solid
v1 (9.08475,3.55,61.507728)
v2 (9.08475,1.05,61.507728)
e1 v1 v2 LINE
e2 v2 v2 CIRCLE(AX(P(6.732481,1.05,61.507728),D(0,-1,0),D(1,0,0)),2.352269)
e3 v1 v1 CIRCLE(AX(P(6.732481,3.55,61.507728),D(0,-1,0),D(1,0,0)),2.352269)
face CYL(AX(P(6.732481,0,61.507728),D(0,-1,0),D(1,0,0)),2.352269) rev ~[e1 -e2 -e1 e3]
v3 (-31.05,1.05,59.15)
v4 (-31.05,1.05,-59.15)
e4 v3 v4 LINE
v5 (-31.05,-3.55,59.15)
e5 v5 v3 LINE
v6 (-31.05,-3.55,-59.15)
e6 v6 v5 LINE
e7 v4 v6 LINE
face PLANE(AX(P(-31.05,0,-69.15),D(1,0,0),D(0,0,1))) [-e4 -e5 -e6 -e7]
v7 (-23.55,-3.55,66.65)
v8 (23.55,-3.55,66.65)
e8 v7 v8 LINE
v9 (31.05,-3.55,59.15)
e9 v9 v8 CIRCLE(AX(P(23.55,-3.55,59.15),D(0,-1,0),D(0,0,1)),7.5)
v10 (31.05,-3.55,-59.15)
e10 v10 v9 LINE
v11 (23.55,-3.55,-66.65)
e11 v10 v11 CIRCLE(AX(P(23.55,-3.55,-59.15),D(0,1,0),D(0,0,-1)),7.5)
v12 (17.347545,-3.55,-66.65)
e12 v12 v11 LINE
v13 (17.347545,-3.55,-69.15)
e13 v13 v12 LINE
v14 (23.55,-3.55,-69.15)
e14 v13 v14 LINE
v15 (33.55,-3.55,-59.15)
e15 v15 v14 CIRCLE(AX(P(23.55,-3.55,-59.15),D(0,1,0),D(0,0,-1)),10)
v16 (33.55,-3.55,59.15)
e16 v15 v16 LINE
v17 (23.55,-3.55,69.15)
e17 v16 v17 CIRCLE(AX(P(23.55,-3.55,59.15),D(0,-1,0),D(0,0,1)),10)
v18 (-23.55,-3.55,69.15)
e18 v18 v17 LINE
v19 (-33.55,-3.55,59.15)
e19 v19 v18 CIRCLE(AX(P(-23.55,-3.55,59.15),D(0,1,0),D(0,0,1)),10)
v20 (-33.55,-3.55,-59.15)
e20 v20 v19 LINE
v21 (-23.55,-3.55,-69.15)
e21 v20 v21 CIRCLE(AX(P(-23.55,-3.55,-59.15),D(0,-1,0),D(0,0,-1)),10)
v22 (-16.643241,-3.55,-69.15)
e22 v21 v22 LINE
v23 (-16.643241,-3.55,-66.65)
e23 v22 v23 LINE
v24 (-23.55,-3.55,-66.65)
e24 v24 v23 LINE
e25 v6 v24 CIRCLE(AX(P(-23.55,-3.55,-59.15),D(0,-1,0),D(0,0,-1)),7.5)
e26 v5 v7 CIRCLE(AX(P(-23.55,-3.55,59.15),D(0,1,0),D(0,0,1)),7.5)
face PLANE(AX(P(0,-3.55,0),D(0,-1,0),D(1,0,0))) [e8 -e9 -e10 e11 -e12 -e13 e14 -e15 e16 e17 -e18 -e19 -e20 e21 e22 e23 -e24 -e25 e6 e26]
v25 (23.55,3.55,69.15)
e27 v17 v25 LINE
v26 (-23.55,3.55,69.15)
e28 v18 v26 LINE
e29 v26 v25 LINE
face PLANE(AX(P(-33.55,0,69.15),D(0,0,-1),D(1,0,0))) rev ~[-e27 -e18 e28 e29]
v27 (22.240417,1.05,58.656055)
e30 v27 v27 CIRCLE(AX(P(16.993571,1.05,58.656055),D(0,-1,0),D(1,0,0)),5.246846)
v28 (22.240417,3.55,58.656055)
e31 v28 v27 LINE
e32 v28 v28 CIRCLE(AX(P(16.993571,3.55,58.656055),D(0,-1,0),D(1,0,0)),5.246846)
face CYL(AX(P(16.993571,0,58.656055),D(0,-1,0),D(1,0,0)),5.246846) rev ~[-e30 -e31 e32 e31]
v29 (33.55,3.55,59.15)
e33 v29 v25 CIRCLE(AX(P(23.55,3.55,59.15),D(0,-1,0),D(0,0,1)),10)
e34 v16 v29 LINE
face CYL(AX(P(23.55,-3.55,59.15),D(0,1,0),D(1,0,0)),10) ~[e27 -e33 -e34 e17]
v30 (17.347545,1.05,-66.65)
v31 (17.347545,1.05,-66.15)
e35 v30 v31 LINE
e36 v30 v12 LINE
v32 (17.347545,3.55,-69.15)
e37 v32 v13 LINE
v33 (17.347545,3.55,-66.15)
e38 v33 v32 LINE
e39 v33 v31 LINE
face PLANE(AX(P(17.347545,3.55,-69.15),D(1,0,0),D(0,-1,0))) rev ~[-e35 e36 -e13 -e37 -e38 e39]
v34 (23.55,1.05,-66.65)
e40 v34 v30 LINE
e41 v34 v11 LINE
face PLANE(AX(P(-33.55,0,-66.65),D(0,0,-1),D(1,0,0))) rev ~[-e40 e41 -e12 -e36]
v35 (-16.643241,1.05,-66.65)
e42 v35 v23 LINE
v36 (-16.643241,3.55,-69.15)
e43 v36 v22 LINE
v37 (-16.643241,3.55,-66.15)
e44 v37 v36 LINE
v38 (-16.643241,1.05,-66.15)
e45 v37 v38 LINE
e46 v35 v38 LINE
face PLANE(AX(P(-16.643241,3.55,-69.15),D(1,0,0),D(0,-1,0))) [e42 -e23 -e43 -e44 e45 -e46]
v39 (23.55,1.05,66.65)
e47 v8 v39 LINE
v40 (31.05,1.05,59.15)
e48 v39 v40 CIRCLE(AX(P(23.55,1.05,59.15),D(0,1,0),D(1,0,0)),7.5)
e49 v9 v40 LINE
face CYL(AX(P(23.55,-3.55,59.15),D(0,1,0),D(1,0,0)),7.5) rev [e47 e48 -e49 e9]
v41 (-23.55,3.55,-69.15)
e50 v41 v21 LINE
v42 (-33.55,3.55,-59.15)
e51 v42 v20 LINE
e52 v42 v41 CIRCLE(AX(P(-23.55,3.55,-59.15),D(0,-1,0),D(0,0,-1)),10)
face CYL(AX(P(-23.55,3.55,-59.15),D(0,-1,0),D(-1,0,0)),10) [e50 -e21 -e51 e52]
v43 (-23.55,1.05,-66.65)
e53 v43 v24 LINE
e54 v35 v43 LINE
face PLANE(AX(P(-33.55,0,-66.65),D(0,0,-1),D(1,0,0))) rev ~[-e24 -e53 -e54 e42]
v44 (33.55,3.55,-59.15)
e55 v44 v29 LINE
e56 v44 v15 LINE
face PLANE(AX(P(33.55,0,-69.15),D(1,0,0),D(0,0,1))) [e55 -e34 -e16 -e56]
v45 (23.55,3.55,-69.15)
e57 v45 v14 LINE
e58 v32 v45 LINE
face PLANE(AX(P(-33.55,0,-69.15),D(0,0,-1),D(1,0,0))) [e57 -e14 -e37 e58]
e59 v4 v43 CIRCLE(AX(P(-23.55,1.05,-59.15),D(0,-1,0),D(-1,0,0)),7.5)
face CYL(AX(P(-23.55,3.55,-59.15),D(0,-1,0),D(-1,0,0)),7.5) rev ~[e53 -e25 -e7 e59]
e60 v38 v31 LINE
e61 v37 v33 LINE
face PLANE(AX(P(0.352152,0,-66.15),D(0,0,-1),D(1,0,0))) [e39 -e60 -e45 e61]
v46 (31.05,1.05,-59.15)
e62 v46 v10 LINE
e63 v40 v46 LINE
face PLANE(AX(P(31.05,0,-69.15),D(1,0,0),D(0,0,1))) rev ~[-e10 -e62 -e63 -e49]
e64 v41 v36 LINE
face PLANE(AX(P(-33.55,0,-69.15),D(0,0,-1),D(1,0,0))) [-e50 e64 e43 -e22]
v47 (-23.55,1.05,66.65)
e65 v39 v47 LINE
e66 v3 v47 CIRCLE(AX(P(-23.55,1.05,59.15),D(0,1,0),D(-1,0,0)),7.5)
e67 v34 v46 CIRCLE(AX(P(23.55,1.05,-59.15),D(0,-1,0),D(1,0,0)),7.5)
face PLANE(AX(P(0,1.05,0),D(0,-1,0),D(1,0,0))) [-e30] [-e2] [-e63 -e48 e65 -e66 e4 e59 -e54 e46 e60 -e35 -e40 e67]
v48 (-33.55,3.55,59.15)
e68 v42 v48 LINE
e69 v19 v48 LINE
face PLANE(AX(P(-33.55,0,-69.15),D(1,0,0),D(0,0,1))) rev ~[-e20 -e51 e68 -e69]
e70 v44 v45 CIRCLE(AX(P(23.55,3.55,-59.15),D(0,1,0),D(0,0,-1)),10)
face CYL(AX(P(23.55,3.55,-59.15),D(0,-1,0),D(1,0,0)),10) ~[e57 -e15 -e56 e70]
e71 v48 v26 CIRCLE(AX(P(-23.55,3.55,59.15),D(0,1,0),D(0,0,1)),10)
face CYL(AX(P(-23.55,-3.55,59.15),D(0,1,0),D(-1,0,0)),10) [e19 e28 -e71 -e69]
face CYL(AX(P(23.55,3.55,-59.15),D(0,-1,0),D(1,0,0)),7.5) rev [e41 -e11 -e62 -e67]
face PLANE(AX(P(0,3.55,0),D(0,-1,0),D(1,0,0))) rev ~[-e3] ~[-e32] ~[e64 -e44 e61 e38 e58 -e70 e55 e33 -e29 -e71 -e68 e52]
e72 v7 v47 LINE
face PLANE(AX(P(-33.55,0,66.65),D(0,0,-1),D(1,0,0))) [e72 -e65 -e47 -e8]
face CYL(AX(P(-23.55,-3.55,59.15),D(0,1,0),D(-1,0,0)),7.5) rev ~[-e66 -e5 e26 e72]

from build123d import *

# Parameters (mm, degrees)
F0_W     = 67.1
F0_H     = 138.3
F1_DEPTH = 3.55
F2_R     = 10
F3_T     = -2.5
F4_R     = 5.246846
F5_DEPTH = 12.5
F6_W     = 33.990787
F6_H     = 7.1
F7_DEPTH = 3
F8_R     = 2.352269
F9_DEPTH = 12.5


with BuildPart() as f1:
    # F0 (on Front) → F1 (new body, symmetric)
    with BuildSketch(Plane.XZ):
        Rectangle(F0_W, F0_H)
    extrude(amount=F1_DEPTH, both=True)

    # F2
    f2_edges = [f1.edges().sort_by_distance(p)[0] for p in [
        (33.55, 0, -69.15),
        (33.55, 0, 69.15),
        (-33.55, 0, -69.15),
        (-33.55, 0, 69.15),
    ]]
    fillet(f2_edges, radius=F2_R)

    # F3
    f3_openings = [f1.faces().sort_by_distance(p)[0] for p in [
        (0, -3.55, 0),
    ]]
    offset(amount=F3_T, openings=f3_openings)

    # F4 (on Front) → F5 (cut, symmetric)
    with BuildSketch(Plane.XZ):
        with Locations((16.993571, 58.656055)):
            Circle(F4_R)
    extrude(amount=F5_DEPTH, both=True, mode=Mode.SUBTRACT)

    # F6 (on face) → F7 (cut, symmetric)
    with BuildSketch(Plane(origin=(0, 0, -69.15), x_dir=(1, 0, 0), z_dir=(0, 0, -1))):
        with Locations((0.352152, 0)):
            Rectangle(F6_W, F6_H)
    extrude(amount=F7_DEPTH, both=True, mode=Mode.SUBTRACT)

    # F8 (on Front) → F9 (cut, symmetric)
    with BuildSketch(Plane.XZ):
        with Locations((6.732481, 61.507728)):
            Circle(F8_R)
    extrude(amount=F9_DEPTH, both=True, mode=Mode.SUBTRACT)


solid = f1.part
